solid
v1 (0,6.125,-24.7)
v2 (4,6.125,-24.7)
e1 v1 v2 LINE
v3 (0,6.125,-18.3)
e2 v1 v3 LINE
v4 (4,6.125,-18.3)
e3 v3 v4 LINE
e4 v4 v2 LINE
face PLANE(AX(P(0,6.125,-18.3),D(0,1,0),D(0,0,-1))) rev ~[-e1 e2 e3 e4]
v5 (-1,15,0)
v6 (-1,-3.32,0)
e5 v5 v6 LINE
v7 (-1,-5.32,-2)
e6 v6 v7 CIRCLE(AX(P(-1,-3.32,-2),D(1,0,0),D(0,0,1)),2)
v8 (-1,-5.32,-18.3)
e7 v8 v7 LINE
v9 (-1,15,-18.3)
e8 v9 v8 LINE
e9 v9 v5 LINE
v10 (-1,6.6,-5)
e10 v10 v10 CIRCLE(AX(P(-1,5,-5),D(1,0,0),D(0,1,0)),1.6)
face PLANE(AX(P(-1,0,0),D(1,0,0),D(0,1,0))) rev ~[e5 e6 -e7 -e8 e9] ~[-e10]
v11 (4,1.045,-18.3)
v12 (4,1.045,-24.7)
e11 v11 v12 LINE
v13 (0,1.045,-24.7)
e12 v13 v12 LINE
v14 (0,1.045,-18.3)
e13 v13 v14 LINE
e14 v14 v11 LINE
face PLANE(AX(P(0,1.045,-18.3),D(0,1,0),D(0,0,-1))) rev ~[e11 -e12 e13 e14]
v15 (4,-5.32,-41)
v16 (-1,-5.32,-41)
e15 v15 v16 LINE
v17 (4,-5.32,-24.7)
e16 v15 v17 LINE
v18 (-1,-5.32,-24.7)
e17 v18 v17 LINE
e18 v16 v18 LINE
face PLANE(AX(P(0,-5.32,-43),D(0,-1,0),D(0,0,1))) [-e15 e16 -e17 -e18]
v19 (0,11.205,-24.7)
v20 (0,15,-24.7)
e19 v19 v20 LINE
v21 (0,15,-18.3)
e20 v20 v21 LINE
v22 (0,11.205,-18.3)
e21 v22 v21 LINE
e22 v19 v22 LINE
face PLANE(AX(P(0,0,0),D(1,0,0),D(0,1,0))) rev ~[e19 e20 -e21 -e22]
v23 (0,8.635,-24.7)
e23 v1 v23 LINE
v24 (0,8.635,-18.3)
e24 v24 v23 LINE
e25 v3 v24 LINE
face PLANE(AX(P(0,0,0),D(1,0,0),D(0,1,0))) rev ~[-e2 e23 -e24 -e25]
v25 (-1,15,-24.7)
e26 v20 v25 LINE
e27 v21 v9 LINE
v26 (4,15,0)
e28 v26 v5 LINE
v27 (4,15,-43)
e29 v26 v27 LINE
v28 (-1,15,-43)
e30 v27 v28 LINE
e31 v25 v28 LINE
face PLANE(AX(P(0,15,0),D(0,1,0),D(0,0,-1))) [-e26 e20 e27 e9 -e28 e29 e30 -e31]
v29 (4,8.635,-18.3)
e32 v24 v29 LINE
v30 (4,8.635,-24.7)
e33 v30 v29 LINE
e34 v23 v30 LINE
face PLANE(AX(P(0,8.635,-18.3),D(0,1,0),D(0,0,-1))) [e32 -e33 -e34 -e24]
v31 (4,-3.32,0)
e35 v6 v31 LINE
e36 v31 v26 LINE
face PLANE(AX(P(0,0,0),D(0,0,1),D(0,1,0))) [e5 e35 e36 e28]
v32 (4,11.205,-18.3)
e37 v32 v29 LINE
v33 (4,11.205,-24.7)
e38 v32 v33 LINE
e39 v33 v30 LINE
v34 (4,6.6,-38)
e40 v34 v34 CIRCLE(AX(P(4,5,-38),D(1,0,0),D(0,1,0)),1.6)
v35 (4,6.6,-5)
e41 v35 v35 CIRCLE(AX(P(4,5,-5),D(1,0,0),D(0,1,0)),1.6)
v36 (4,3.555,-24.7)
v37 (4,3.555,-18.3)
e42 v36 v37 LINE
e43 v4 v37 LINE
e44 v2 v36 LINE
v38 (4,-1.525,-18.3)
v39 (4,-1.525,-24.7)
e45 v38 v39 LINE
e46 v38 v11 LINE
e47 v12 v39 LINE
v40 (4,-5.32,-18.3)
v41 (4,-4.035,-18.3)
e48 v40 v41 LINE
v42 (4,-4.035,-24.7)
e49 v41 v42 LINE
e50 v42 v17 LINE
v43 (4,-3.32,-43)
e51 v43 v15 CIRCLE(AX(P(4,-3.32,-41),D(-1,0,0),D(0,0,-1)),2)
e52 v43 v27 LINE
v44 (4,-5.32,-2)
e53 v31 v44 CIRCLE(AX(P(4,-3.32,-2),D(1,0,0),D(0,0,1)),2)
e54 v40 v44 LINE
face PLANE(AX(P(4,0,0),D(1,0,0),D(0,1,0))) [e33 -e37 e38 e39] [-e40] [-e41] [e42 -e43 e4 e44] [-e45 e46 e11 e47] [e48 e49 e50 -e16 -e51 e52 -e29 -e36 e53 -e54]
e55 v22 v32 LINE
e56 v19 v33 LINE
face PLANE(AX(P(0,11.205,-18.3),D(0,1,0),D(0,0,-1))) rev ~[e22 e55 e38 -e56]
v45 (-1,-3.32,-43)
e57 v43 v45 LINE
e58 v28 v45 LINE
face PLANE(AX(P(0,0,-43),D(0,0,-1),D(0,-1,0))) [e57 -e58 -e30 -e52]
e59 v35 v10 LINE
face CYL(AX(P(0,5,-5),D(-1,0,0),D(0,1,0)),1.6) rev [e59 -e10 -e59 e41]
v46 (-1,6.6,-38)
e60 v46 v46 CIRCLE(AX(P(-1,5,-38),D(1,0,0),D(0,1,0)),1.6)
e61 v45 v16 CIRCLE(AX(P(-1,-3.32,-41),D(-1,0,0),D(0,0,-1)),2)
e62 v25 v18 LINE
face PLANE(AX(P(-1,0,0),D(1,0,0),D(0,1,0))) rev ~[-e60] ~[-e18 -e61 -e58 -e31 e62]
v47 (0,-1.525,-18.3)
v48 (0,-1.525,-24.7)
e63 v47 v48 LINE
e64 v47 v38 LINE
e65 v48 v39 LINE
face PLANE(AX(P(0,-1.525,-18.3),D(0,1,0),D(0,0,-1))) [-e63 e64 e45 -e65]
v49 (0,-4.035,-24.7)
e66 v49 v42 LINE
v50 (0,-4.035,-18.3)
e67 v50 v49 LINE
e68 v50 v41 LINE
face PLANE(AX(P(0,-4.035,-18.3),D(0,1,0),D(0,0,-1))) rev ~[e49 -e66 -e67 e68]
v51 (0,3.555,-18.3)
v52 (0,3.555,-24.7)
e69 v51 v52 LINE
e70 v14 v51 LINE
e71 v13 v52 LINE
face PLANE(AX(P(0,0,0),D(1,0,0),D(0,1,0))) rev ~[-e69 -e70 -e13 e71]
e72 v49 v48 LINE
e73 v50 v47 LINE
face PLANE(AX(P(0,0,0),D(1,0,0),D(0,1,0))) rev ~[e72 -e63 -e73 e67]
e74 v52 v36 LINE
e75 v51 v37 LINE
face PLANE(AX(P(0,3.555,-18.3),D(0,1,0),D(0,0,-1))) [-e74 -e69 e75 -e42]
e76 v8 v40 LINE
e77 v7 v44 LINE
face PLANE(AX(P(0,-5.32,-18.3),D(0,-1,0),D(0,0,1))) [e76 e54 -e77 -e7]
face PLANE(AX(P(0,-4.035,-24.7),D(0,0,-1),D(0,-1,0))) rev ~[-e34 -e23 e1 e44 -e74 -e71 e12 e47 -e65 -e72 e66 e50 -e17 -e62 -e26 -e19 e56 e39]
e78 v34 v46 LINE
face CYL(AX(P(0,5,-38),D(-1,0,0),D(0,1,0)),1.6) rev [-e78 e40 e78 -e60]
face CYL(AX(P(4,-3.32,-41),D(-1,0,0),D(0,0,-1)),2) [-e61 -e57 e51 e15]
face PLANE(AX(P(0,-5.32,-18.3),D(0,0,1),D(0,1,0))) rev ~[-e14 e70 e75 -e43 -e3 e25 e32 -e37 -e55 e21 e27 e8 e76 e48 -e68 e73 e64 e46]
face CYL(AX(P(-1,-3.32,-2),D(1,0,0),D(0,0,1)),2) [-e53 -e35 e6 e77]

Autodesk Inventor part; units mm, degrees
ref_plane "YZ Plane" through (0, 0, 0) normal (1, 0, 0) x (0, 1, 0)
ref_plane "XZ Plane" through (0, 0, 0) normal (0, 1, 0) x (-1, 0, 0)
ref_plane "XY Plane" through (0, 0, 0) normal (0, 0, 1) x (1, 0, 0)
sketch "スケッチ1" plane through (0, 0, 0) normal (1, 0, 0) x (0, 1, 0)
  line L0 (0, 0) -> (30, 0)
  line L1 (30, 0) -> (30, -43)
  line L2 (30, -43) -> (0, -43)
  line L3 (0, -43) -> (0, 0)
  circle A0 centre (15, -5) radius 1.5
  circle A1 centre (15, -38) radius 1.5
  line L4 (30, -21.5) -> (0, -21.5)
  line L5 (30, -18.3) -> (0, -18.3)
  line L6 (30, -24.7) -> (0, -24.7)
  line L7 (15, 0) -> (15, -43)
  line L8 (16.285, -18.3) -> (16.285, -24.7)
  line L9 (13.715, -18.3) -> (13.715, -24.7)
  line L10 (20.08, -18.3) -> (20.08, -24.7)
  line L11 (25.16, -18.3) -> (25.16, -24.7)
  line L12 (30.24, -18.3) -> (30.24, -24.7)
  line L13 (21.365, -18.3) -> (21.365, -24.7)
  line L14 (26.445, -18.3) -> (26.445, -24.7)
  line L15 (28.955, -18.3) -> (28.955, -24.7)
  line L16 (23.875, -18.3) -> (23.875, -24.7)
  line L17 (18.795, -18.3) -> (18.795, -24.7)
  line L18 (8.635, -18.3) -> (8.635, -24.7)
  line L19 (3.555, -18.3) -> (3.555, -24.7)
  line L20 (1.045, -18.3) -> (1.045, -24.7)
  line L21 (6.125, -18.3) -> (6.125, -24.7)
  line L22 (11.205, -18.3) -> (11.205, -24.7)
  circle A2 centre (5, -5) radius 1.6
  circle A3 centre (22.5, -5) radius 1.7
  circle A4 centre (22.5, -38) radius 1.7
  circle A5 centre (5, -38) radius 1.6
  line L23 (1.045, -18.3) -> (1.045, -24.7)
  line L24 (-1.525, -18.3) -> (-1.525, -24.7)
  line L25 (-4.035, -18.3) -> (-4.035, -24.7)
  line L26 (-6.605, -18.3) -> (-6.605, -24.7)
  line L27 (-6.605, -18.3) -> (-4.035, -18.3)
  line L28 (-5.32, -18.3) -> (-5.32, 0.2949)
  line L29 (-5.32, 0) -> (0, 0)
  line L30 (0, 0) -> (0, -43)
  line L31 (0, -43) -> (-5.32, -43)
  line L32 (-5.32, -43) -> (-5.32, 0)
  line L33 (0, -18.3) -> (-5.32, -18.3)
  line L34 (0, -24.7) -> (-5.32, -24.7)
  point P0 (15, -24.7)
  point P1 (15, -18.3)
  dimension "d0" = 30
  dimension "d1" = 43
  dimension "d2" = 3
  dimension "d3" = 3
  dimension "d4" = 5
  dimension "d5" = 5
  dimension "d6" = 15
  dimension "d7" = 15
  dimension "d8" = 3.2
  dimension "d9" = 3.2
  dimension "d10" = 1.285
  dimension "d11" = 1.285
  dimension "d12" = 5.08
  dimension "d13" = 5.08
  dimension "d14" = 5.08
  dimension "d15" = 1.285
  dimension "d16" = 1.285
  dimension "d17" = 1.285
  dimension "d21" = 3.2
  dimension "d22" = 3.4
  dimension "d23" = 3.4
  dimension "d24" = 3.2
  dimension "d25" = 5
  dimension "d26" = 5
  dimension "d28" = 7.5
  dimension "d30" = 5
  dimension "d31" = 7.5
  dimension "d32" = 5
  dimension "d38" = 5.08
  dimension "d43" = 0
  dimension "d44" = 10
  dimension "d45" = 10
extrude "押し出し1" add sketch "スケッチ1" along normal blind 4 contours L0 L7 A0 L5 L3 | L3 L33 L27 L28 L29 | L7 A0 | L5 L19 L4 L20 | L24 L34 L25 L33 | L6 L7 A1 L2 L3 | L3 L31 L32 L34 | L4 L19 L6 L20 | L7 L4 L9 L5 | L5 L18 L4 L21 | L9 L4 L22 L5 | L7 L6 L9 L4 | L4 L18 L6 L21 | L9 L6 L22 L4 | A1 L7 picked at (14.3164, -4.583) picked at (14.3492, -38.284)
sketch "スケッチ2" plane through (4, 0, 0) normal (1, 0, 0) x (0, 0, -1)
  line L0 (18.3, 1.045) -> (24.7, 1.045) projected
  line L1 (18.3, 3.555) -> (18.3, 6.125) projected
  line L2 (18.3, 6.125) -> (24.7, 6.125) projected
  line L3 (24.7, 6.125) -> (24.7, 3.555) projected
  line L4 (24.7, 3.555) -> (18.3, 3.555) projected
  line L5 (18.3, 11.205) -> (24.7, 11.205) projected
  line L6 (24.7, 11.205) -> (24.7, 8.635) projected
  line L7 (24.7, 8.635) -> (18.3, 8.635) projected
  line L8 (18.3, 8.635) -> (18.3, 11.205) projected
  line L9 (43, 15) -> (0, 15) projected
  line L10 (0, 15) -> (0, -5.32) projected
  line L11 (0, -5.32) -> (18.3, -5.32) projected
  line L12 (18.3, -5.32) -> (18.3, -4.035) projected
  line L13 (18.3, -4.035) -> (24.7, -4.035) projected
  line L14 (24.7, -4.035) -> (24.7, -5.32) projected
  line L15 (24.7, -5.32) -> (43, -5.32) projected
  line L16 (43, -5.32) -> (43, 15) projected
  line L17 (18.3, -1.525) -> (18.3, 1.045) projected
  line L18 (24.7, 1.045) -> (24.7, -1.525) projected
  line L19 (24.7, -1.525) -> (18.3, -1.525) projected
  point P0 (0, 0)
extrude "押し出し2" add sketch "スケッチ1" against normal blind 1 contours L0 L7 A0 L5 L3 | L3 L33 L27 L28 L29 | L7 A0 | L6 L7 A1 L2 L3 | L3 L31 L32 L34 | A1 L7 picked at (14.3164, -4.583) picked at (14.3492, -38.284)
fillet "フィレット3" radius 2 2 edges at (1.5, -5.32, 0) (1.5, -5.32, -43)
equation "\"d24\" = d21"
equation "\"d45\" = d44"
properties part number "RZvector-v1-Plate-B-F" material "ABS プラスチック"
